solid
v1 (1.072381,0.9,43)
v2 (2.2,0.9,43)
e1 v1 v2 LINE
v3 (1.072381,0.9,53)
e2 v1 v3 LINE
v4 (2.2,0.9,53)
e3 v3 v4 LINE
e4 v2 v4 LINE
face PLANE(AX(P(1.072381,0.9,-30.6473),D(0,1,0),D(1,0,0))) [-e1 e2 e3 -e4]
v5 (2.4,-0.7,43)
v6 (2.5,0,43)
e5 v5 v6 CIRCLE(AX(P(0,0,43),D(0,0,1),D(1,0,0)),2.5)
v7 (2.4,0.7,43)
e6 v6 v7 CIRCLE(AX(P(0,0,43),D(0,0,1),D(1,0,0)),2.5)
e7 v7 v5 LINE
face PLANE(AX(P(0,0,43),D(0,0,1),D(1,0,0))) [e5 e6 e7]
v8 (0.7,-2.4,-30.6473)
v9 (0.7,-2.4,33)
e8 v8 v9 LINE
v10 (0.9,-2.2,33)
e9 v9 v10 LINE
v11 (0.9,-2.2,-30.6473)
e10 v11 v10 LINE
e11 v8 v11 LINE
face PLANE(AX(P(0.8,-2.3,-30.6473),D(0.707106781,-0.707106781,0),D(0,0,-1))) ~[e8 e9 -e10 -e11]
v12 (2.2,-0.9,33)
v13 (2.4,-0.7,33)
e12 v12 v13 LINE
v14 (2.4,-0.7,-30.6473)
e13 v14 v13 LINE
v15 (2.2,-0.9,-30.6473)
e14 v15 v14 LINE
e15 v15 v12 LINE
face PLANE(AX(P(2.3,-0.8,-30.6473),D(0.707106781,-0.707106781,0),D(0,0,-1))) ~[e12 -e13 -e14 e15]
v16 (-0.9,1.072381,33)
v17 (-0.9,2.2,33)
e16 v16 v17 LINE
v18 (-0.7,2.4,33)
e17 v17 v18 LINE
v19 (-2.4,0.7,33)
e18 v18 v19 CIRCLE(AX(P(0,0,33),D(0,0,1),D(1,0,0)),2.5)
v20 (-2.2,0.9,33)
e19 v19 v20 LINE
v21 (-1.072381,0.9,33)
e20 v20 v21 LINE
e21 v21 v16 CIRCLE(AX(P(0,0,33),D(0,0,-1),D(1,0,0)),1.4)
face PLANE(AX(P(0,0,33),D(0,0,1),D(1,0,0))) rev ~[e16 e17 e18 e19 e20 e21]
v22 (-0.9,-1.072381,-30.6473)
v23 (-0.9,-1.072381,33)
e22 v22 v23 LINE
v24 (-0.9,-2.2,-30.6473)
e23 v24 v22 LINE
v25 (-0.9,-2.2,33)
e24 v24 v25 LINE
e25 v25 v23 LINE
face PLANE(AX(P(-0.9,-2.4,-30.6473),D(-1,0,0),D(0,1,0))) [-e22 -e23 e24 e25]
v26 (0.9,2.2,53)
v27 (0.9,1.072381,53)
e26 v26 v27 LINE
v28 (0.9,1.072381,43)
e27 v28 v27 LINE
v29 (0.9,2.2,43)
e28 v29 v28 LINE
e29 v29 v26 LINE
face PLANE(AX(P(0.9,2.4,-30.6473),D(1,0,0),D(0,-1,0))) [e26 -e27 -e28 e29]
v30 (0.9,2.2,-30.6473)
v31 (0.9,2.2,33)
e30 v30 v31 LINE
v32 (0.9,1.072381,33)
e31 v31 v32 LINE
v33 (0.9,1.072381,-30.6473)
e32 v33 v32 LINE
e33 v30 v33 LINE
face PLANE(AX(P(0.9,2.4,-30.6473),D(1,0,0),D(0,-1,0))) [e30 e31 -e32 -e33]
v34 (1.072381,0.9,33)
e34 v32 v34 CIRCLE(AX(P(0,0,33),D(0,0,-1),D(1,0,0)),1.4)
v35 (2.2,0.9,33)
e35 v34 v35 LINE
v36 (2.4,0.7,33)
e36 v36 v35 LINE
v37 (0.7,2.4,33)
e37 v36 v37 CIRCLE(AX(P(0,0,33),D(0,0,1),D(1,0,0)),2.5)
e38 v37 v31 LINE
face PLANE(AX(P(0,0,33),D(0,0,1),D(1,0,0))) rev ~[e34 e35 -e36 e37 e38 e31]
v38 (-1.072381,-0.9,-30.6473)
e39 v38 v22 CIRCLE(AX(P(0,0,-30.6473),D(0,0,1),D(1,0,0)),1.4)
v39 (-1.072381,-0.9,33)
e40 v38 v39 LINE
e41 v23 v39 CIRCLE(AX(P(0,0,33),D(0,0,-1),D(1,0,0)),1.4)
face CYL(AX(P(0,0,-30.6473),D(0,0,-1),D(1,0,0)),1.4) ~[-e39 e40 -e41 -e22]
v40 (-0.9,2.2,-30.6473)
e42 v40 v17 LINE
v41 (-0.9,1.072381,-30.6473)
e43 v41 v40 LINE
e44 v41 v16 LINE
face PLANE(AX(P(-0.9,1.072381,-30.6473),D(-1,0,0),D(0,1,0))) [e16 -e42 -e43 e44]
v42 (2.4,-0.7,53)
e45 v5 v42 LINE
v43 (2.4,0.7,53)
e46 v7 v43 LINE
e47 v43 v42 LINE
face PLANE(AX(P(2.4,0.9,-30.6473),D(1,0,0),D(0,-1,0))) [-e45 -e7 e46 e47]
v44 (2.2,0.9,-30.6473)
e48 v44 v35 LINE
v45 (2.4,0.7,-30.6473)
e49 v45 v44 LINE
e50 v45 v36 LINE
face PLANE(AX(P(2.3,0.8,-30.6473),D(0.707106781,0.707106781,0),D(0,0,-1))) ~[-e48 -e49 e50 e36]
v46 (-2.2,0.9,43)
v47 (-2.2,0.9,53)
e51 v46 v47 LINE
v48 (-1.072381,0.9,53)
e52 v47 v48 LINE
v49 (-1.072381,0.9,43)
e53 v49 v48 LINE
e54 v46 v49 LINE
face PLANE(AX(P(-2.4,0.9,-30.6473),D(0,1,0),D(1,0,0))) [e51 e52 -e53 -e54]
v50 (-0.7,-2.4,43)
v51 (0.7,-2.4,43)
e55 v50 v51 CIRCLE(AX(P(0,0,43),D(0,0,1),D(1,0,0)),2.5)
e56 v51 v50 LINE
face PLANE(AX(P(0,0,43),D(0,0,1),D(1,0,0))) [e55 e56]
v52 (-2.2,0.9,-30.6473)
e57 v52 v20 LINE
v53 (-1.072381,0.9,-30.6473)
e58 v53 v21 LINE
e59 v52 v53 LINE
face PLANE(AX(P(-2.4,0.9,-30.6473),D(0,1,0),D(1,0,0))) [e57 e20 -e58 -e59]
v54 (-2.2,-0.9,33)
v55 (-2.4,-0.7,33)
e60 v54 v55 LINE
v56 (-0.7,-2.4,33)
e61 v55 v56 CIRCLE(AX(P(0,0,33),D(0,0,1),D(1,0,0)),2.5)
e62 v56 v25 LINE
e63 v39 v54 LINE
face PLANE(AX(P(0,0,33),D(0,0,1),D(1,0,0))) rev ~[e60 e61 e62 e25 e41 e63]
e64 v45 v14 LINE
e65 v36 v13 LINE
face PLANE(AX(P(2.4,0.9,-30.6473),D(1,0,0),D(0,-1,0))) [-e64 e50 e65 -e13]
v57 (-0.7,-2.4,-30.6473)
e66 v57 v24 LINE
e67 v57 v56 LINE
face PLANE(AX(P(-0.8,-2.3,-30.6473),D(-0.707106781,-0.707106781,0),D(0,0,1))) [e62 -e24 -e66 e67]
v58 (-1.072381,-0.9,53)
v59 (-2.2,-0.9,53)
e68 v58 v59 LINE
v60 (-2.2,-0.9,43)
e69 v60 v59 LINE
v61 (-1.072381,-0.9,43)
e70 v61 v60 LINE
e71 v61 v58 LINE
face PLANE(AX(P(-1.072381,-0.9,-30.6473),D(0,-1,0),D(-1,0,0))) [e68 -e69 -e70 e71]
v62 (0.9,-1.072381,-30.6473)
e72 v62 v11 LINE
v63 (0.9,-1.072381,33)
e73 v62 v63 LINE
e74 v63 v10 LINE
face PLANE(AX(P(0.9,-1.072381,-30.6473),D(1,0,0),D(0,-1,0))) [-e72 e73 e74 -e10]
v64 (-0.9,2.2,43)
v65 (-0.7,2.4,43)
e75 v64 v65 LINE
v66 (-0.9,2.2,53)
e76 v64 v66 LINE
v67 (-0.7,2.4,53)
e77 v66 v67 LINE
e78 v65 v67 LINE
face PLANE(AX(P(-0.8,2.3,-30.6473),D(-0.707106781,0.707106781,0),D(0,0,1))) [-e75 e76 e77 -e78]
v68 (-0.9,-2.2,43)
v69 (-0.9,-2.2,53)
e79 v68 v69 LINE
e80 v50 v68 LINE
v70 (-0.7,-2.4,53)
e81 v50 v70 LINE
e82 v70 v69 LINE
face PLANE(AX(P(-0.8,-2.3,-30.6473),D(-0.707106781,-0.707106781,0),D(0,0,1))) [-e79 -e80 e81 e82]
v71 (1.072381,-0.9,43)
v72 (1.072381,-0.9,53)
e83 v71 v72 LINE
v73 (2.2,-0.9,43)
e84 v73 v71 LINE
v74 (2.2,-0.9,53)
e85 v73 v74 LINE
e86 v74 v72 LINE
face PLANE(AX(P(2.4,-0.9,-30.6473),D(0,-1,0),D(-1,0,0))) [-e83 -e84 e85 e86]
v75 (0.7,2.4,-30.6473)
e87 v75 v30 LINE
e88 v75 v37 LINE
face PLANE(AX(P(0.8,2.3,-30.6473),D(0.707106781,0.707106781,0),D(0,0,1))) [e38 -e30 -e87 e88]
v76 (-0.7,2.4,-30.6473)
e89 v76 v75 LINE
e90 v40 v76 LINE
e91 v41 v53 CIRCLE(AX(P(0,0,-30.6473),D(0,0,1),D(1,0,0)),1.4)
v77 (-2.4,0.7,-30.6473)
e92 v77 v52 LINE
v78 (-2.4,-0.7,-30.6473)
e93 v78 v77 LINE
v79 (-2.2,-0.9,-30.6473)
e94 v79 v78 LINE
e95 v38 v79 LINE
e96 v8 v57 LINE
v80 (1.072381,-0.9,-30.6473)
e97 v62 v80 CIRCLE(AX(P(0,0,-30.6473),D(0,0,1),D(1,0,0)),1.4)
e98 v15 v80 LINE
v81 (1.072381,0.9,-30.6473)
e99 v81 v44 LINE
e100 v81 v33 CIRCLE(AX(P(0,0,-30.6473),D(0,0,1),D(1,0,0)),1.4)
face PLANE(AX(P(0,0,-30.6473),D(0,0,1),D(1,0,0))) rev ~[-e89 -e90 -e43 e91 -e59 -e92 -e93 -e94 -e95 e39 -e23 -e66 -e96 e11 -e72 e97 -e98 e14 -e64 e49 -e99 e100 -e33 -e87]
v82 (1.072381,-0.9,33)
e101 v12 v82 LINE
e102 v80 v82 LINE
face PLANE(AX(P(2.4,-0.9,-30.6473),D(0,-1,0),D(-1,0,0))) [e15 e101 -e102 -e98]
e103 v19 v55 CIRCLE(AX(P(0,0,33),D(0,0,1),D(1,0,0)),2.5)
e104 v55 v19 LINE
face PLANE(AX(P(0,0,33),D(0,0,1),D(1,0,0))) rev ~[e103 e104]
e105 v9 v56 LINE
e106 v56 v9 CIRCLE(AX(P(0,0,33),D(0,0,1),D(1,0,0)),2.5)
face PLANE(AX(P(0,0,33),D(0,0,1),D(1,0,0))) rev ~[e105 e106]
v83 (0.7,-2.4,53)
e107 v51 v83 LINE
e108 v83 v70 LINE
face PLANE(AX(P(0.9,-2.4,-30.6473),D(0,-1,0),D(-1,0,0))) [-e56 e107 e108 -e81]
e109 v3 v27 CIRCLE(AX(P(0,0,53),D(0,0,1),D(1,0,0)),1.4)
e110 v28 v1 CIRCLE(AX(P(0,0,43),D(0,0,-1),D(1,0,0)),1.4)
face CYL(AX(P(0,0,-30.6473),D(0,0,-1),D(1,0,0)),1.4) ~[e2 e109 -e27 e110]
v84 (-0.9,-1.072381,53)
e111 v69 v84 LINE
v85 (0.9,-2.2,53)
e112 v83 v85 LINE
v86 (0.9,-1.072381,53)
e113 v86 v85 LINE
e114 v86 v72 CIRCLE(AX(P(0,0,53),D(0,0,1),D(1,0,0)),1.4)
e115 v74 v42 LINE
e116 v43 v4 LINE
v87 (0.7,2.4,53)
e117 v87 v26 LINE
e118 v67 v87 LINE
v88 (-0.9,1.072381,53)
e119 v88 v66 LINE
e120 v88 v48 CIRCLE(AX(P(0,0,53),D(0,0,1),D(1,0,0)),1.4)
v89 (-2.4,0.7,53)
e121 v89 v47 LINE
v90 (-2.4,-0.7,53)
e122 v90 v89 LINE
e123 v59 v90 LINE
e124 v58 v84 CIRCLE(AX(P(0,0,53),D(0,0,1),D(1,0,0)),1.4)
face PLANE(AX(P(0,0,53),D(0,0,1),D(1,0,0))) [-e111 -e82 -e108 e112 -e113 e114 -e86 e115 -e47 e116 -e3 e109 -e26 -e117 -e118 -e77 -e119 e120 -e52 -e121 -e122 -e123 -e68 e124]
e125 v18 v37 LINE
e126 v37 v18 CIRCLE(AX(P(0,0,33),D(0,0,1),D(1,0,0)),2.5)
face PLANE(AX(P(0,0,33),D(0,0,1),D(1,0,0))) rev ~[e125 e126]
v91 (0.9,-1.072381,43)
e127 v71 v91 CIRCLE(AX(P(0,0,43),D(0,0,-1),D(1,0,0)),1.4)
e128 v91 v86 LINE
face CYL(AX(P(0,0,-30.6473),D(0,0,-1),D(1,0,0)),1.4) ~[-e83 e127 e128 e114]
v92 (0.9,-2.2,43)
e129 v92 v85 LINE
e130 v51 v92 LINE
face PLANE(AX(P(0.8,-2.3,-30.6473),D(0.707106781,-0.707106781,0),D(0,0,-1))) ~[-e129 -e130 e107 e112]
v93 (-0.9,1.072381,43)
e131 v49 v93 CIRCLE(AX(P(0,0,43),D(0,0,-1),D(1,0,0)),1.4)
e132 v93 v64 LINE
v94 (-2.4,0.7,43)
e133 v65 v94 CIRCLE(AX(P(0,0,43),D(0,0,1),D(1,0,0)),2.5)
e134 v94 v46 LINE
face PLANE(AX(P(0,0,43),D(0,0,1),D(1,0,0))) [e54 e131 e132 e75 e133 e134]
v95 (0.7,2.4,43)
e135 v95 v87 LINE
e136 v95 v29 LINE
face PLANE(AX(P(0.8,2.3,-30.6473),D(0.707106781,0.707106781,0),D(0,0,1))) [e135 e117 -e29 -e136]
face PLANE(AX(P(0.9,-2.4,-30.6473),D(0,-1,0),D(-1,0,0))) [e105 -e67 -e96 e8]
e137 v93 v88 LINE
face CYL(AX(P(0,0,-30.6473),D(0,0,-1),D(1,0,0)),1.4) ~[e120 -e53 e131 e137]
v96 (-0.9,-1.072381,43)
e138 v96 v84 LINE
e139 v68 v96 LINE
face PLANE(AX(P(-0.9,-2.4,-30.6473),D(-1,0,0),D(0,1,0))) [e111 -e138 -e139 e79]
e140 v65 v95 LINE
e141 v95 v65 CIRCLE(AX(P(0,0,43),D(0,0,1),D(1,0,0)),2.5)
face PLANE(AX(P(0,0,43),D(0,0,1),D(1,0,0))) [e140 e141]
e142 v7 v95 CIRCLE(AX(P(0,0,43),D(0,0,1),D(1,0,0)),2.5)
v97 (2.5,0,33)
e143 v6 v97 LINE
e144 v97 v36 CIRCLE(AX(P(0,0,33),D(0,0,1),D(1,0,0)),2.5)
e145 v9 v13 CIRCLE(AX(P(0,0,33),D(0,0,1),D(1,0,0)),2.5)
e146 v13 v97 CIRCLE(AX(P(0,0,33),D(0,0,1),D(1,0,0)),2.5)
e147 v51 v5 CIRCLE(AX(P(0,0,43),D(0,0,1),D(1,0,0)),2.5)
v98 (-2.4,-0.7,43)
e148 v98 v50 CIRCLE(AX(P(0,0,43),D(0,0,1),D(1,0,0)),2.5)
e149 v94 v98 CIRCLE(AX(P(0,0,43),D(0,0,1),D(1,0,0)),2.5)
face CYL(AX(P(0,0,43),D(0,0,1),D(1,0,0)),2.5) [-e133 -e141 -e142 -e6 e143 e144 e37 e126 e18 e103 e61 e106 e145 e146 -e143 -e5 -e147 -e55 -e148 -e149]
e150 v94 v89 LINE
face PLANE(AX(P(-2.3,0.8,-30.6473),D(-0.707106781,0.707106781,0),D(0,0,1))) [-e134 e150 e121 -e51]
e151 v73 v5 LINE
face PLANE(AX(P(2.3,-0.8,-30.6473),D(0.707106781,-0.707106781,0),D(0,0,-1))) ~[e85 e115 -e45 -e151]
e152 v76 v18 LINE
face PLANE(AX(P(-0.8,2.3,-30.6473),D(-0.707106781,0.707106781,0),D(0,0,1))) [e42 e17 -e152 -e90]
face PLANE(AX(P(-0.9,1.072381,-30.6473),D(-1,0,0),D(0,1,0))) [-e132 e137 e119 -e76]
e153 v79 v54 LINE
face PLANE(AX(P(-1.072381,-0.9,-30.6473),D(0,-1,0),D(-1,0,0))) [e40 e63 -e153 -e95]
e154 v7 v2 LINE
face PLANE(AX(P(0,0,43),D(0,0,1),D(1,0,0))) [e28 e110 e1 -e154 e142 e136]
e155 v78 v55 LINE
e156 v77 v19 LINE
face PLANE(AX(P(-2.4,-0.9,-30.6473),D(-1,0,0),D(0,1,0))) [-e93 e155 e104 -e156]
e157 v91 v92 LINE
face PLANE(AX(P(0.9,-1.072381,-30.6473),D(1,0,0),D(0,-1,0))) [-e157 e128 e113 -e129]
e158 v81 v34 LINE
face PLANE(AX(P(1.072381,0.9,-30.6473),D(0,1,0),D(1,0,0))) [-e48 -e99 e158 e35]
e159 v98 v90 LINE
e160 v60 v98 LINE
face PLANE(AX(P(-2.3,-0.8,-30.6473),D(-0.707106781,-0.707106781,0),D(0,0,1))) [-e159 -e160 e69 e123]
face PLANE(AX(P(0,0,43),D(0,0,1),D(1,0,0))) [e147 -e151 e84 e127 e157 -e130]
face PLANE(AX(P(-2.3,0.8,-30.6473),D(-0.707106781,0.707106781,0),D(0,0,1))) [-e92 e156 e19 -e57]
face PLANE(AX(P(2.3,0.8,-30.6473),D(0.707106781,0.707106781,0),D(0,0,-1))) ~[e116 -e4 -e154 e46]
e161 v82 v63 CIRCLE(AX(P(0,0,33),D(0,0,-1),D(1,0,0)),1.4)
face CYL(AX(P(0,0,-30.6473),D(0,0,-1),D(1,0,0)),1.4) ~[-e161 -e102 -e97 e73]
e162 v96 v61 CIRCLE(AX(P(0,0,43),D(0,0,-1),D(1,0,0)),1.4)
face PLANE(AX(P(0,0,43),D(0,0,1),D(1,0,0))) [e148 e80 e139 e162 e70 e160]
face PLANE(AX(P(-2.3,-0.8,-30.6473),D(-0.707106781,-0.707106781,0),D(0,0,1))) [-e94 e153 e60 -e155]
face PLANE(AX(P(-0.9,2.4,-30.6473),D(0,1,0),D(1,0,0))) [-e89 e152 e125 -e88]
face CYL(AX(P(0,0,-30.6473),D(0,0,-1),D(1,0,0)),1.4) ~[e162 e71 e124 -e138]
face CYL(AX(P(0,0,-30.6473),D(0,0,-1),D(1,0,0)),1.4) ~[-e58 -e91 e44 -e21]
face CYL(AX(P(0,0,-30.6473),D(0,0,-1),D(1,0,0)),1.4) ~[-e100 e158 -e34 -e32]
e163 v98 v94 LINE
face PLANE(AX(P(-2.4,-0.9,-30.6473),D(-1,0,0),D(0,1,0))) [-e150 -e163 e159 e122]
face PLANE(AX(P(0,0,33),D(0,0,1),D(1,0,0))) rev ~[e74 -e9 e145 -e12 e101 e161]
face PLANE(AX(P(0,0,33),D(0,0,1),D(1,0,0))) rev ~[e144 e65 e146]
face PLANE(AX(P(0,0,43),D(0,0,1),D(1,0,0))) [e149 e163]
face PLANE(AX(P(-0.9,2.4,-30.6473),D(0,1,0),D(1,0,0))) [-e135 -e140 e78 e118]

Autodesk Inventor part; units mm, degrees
ref_plane "YZ Plane" through (0, 0, 0) normal (1, 0, 0) x (0, 1, 0)
ref_plane "Plano de trabajo3" through (-1.1085, 1.0105, -30.6473) normal (0, 0, 1) x (1, 0, 0)
ref_plane "Plano de trabajo4" through (0, 7, 53) normal (0, 0, 1) x (-1, 0, 0)
sketch "Boceto1" plane through (0, 0, 0) normal (0, 0, 1) x (1, 0, 0)
  line L0 (0.9, -2.4) -> (-0.9, -2.4)
  line L1 (-0.9, -2.4) -> (-0.9, 2.4)
  line L2 (-0.9, 2.4) -> (0.9, 2.4)
  line L3 (0.9, 2.4) -> (0.9, -2.4)
  line L4 (0.9, -2.4) -> (-0.9, 2.4) construction
  line L5 (-0.9, -2.4) -> (0.9, 2.4) construction
  line L6 (2.4, -0.9) -> (-2.4, -0.9)
  line L7 (-2.4, -0.9) -> (-2.4, 0.9)
  line L8 (-2.4, 0.9) -> (2.4, 0.9)
  line L9 (2.4, 0.9) -> (2.4, -0.9)
  line L10 (2.4, -0.9) -> (-2.4, 0.9) construction
  line L11 (-2.4, -0.9) -> (2.4, 0.9) construction
  circle A0 centre (0, 0) radius 1.4
  point P0 (1.0724, 0.9)
  point P1 (0.9, 1.0724)
  point P2 (-0.9, 1.0724)
  point P3 (-1.0724, 0.9)
  point P4 (-1.0724, -0.9)
  point P5 (-0.9, -1.0724)
  point P6 (0.9, -1.0724)
  point P7 (1.0724, -0.9)
  dimension "d0" = 1.8
  dimension "d1" = 4.8
  dimension "d2" = 2.8
extrude "Extrusión1" add sketch "Boceto1" along normal up to surface (83.6473 mm away) from surface at -30.6473
chamfer "Chaflán1" distance 0.2 angle 45 8 edges at (0.9, 2.4, 11.1763) (2.4, 0.9, 11.1763) (2.4, -0.9, 11.1763) (0.9, -2.4, 11.1763) (-0.9, 2.4, 11.1763) (-2.4, 0.9, 11.1763) (-2.4, -0.9, 11.1763) (-0.9, -2.4, 11.1763)
sketch "Boceto2" plane through (0, 0, 53) normal (0, 0, 1) x (1, 0, 0)
  circle A0 centre (0, 0) radius 2.5
  dimension "d8" = 5
ref_plane "Plano de trabajo1" through (-15, -5, 43) normal (0, 0, 1) x (1, 0, 0)
ref_plane "Plano de trabajo2" through (-15, -5, 33) normal (0, 0, -1) x (0, 1, 0)
extrude "Extrusión2" add sketch "Boceto2" against normal up to surface (10 mm away) from surface at -10
properties part number "EjeDelMotor"
